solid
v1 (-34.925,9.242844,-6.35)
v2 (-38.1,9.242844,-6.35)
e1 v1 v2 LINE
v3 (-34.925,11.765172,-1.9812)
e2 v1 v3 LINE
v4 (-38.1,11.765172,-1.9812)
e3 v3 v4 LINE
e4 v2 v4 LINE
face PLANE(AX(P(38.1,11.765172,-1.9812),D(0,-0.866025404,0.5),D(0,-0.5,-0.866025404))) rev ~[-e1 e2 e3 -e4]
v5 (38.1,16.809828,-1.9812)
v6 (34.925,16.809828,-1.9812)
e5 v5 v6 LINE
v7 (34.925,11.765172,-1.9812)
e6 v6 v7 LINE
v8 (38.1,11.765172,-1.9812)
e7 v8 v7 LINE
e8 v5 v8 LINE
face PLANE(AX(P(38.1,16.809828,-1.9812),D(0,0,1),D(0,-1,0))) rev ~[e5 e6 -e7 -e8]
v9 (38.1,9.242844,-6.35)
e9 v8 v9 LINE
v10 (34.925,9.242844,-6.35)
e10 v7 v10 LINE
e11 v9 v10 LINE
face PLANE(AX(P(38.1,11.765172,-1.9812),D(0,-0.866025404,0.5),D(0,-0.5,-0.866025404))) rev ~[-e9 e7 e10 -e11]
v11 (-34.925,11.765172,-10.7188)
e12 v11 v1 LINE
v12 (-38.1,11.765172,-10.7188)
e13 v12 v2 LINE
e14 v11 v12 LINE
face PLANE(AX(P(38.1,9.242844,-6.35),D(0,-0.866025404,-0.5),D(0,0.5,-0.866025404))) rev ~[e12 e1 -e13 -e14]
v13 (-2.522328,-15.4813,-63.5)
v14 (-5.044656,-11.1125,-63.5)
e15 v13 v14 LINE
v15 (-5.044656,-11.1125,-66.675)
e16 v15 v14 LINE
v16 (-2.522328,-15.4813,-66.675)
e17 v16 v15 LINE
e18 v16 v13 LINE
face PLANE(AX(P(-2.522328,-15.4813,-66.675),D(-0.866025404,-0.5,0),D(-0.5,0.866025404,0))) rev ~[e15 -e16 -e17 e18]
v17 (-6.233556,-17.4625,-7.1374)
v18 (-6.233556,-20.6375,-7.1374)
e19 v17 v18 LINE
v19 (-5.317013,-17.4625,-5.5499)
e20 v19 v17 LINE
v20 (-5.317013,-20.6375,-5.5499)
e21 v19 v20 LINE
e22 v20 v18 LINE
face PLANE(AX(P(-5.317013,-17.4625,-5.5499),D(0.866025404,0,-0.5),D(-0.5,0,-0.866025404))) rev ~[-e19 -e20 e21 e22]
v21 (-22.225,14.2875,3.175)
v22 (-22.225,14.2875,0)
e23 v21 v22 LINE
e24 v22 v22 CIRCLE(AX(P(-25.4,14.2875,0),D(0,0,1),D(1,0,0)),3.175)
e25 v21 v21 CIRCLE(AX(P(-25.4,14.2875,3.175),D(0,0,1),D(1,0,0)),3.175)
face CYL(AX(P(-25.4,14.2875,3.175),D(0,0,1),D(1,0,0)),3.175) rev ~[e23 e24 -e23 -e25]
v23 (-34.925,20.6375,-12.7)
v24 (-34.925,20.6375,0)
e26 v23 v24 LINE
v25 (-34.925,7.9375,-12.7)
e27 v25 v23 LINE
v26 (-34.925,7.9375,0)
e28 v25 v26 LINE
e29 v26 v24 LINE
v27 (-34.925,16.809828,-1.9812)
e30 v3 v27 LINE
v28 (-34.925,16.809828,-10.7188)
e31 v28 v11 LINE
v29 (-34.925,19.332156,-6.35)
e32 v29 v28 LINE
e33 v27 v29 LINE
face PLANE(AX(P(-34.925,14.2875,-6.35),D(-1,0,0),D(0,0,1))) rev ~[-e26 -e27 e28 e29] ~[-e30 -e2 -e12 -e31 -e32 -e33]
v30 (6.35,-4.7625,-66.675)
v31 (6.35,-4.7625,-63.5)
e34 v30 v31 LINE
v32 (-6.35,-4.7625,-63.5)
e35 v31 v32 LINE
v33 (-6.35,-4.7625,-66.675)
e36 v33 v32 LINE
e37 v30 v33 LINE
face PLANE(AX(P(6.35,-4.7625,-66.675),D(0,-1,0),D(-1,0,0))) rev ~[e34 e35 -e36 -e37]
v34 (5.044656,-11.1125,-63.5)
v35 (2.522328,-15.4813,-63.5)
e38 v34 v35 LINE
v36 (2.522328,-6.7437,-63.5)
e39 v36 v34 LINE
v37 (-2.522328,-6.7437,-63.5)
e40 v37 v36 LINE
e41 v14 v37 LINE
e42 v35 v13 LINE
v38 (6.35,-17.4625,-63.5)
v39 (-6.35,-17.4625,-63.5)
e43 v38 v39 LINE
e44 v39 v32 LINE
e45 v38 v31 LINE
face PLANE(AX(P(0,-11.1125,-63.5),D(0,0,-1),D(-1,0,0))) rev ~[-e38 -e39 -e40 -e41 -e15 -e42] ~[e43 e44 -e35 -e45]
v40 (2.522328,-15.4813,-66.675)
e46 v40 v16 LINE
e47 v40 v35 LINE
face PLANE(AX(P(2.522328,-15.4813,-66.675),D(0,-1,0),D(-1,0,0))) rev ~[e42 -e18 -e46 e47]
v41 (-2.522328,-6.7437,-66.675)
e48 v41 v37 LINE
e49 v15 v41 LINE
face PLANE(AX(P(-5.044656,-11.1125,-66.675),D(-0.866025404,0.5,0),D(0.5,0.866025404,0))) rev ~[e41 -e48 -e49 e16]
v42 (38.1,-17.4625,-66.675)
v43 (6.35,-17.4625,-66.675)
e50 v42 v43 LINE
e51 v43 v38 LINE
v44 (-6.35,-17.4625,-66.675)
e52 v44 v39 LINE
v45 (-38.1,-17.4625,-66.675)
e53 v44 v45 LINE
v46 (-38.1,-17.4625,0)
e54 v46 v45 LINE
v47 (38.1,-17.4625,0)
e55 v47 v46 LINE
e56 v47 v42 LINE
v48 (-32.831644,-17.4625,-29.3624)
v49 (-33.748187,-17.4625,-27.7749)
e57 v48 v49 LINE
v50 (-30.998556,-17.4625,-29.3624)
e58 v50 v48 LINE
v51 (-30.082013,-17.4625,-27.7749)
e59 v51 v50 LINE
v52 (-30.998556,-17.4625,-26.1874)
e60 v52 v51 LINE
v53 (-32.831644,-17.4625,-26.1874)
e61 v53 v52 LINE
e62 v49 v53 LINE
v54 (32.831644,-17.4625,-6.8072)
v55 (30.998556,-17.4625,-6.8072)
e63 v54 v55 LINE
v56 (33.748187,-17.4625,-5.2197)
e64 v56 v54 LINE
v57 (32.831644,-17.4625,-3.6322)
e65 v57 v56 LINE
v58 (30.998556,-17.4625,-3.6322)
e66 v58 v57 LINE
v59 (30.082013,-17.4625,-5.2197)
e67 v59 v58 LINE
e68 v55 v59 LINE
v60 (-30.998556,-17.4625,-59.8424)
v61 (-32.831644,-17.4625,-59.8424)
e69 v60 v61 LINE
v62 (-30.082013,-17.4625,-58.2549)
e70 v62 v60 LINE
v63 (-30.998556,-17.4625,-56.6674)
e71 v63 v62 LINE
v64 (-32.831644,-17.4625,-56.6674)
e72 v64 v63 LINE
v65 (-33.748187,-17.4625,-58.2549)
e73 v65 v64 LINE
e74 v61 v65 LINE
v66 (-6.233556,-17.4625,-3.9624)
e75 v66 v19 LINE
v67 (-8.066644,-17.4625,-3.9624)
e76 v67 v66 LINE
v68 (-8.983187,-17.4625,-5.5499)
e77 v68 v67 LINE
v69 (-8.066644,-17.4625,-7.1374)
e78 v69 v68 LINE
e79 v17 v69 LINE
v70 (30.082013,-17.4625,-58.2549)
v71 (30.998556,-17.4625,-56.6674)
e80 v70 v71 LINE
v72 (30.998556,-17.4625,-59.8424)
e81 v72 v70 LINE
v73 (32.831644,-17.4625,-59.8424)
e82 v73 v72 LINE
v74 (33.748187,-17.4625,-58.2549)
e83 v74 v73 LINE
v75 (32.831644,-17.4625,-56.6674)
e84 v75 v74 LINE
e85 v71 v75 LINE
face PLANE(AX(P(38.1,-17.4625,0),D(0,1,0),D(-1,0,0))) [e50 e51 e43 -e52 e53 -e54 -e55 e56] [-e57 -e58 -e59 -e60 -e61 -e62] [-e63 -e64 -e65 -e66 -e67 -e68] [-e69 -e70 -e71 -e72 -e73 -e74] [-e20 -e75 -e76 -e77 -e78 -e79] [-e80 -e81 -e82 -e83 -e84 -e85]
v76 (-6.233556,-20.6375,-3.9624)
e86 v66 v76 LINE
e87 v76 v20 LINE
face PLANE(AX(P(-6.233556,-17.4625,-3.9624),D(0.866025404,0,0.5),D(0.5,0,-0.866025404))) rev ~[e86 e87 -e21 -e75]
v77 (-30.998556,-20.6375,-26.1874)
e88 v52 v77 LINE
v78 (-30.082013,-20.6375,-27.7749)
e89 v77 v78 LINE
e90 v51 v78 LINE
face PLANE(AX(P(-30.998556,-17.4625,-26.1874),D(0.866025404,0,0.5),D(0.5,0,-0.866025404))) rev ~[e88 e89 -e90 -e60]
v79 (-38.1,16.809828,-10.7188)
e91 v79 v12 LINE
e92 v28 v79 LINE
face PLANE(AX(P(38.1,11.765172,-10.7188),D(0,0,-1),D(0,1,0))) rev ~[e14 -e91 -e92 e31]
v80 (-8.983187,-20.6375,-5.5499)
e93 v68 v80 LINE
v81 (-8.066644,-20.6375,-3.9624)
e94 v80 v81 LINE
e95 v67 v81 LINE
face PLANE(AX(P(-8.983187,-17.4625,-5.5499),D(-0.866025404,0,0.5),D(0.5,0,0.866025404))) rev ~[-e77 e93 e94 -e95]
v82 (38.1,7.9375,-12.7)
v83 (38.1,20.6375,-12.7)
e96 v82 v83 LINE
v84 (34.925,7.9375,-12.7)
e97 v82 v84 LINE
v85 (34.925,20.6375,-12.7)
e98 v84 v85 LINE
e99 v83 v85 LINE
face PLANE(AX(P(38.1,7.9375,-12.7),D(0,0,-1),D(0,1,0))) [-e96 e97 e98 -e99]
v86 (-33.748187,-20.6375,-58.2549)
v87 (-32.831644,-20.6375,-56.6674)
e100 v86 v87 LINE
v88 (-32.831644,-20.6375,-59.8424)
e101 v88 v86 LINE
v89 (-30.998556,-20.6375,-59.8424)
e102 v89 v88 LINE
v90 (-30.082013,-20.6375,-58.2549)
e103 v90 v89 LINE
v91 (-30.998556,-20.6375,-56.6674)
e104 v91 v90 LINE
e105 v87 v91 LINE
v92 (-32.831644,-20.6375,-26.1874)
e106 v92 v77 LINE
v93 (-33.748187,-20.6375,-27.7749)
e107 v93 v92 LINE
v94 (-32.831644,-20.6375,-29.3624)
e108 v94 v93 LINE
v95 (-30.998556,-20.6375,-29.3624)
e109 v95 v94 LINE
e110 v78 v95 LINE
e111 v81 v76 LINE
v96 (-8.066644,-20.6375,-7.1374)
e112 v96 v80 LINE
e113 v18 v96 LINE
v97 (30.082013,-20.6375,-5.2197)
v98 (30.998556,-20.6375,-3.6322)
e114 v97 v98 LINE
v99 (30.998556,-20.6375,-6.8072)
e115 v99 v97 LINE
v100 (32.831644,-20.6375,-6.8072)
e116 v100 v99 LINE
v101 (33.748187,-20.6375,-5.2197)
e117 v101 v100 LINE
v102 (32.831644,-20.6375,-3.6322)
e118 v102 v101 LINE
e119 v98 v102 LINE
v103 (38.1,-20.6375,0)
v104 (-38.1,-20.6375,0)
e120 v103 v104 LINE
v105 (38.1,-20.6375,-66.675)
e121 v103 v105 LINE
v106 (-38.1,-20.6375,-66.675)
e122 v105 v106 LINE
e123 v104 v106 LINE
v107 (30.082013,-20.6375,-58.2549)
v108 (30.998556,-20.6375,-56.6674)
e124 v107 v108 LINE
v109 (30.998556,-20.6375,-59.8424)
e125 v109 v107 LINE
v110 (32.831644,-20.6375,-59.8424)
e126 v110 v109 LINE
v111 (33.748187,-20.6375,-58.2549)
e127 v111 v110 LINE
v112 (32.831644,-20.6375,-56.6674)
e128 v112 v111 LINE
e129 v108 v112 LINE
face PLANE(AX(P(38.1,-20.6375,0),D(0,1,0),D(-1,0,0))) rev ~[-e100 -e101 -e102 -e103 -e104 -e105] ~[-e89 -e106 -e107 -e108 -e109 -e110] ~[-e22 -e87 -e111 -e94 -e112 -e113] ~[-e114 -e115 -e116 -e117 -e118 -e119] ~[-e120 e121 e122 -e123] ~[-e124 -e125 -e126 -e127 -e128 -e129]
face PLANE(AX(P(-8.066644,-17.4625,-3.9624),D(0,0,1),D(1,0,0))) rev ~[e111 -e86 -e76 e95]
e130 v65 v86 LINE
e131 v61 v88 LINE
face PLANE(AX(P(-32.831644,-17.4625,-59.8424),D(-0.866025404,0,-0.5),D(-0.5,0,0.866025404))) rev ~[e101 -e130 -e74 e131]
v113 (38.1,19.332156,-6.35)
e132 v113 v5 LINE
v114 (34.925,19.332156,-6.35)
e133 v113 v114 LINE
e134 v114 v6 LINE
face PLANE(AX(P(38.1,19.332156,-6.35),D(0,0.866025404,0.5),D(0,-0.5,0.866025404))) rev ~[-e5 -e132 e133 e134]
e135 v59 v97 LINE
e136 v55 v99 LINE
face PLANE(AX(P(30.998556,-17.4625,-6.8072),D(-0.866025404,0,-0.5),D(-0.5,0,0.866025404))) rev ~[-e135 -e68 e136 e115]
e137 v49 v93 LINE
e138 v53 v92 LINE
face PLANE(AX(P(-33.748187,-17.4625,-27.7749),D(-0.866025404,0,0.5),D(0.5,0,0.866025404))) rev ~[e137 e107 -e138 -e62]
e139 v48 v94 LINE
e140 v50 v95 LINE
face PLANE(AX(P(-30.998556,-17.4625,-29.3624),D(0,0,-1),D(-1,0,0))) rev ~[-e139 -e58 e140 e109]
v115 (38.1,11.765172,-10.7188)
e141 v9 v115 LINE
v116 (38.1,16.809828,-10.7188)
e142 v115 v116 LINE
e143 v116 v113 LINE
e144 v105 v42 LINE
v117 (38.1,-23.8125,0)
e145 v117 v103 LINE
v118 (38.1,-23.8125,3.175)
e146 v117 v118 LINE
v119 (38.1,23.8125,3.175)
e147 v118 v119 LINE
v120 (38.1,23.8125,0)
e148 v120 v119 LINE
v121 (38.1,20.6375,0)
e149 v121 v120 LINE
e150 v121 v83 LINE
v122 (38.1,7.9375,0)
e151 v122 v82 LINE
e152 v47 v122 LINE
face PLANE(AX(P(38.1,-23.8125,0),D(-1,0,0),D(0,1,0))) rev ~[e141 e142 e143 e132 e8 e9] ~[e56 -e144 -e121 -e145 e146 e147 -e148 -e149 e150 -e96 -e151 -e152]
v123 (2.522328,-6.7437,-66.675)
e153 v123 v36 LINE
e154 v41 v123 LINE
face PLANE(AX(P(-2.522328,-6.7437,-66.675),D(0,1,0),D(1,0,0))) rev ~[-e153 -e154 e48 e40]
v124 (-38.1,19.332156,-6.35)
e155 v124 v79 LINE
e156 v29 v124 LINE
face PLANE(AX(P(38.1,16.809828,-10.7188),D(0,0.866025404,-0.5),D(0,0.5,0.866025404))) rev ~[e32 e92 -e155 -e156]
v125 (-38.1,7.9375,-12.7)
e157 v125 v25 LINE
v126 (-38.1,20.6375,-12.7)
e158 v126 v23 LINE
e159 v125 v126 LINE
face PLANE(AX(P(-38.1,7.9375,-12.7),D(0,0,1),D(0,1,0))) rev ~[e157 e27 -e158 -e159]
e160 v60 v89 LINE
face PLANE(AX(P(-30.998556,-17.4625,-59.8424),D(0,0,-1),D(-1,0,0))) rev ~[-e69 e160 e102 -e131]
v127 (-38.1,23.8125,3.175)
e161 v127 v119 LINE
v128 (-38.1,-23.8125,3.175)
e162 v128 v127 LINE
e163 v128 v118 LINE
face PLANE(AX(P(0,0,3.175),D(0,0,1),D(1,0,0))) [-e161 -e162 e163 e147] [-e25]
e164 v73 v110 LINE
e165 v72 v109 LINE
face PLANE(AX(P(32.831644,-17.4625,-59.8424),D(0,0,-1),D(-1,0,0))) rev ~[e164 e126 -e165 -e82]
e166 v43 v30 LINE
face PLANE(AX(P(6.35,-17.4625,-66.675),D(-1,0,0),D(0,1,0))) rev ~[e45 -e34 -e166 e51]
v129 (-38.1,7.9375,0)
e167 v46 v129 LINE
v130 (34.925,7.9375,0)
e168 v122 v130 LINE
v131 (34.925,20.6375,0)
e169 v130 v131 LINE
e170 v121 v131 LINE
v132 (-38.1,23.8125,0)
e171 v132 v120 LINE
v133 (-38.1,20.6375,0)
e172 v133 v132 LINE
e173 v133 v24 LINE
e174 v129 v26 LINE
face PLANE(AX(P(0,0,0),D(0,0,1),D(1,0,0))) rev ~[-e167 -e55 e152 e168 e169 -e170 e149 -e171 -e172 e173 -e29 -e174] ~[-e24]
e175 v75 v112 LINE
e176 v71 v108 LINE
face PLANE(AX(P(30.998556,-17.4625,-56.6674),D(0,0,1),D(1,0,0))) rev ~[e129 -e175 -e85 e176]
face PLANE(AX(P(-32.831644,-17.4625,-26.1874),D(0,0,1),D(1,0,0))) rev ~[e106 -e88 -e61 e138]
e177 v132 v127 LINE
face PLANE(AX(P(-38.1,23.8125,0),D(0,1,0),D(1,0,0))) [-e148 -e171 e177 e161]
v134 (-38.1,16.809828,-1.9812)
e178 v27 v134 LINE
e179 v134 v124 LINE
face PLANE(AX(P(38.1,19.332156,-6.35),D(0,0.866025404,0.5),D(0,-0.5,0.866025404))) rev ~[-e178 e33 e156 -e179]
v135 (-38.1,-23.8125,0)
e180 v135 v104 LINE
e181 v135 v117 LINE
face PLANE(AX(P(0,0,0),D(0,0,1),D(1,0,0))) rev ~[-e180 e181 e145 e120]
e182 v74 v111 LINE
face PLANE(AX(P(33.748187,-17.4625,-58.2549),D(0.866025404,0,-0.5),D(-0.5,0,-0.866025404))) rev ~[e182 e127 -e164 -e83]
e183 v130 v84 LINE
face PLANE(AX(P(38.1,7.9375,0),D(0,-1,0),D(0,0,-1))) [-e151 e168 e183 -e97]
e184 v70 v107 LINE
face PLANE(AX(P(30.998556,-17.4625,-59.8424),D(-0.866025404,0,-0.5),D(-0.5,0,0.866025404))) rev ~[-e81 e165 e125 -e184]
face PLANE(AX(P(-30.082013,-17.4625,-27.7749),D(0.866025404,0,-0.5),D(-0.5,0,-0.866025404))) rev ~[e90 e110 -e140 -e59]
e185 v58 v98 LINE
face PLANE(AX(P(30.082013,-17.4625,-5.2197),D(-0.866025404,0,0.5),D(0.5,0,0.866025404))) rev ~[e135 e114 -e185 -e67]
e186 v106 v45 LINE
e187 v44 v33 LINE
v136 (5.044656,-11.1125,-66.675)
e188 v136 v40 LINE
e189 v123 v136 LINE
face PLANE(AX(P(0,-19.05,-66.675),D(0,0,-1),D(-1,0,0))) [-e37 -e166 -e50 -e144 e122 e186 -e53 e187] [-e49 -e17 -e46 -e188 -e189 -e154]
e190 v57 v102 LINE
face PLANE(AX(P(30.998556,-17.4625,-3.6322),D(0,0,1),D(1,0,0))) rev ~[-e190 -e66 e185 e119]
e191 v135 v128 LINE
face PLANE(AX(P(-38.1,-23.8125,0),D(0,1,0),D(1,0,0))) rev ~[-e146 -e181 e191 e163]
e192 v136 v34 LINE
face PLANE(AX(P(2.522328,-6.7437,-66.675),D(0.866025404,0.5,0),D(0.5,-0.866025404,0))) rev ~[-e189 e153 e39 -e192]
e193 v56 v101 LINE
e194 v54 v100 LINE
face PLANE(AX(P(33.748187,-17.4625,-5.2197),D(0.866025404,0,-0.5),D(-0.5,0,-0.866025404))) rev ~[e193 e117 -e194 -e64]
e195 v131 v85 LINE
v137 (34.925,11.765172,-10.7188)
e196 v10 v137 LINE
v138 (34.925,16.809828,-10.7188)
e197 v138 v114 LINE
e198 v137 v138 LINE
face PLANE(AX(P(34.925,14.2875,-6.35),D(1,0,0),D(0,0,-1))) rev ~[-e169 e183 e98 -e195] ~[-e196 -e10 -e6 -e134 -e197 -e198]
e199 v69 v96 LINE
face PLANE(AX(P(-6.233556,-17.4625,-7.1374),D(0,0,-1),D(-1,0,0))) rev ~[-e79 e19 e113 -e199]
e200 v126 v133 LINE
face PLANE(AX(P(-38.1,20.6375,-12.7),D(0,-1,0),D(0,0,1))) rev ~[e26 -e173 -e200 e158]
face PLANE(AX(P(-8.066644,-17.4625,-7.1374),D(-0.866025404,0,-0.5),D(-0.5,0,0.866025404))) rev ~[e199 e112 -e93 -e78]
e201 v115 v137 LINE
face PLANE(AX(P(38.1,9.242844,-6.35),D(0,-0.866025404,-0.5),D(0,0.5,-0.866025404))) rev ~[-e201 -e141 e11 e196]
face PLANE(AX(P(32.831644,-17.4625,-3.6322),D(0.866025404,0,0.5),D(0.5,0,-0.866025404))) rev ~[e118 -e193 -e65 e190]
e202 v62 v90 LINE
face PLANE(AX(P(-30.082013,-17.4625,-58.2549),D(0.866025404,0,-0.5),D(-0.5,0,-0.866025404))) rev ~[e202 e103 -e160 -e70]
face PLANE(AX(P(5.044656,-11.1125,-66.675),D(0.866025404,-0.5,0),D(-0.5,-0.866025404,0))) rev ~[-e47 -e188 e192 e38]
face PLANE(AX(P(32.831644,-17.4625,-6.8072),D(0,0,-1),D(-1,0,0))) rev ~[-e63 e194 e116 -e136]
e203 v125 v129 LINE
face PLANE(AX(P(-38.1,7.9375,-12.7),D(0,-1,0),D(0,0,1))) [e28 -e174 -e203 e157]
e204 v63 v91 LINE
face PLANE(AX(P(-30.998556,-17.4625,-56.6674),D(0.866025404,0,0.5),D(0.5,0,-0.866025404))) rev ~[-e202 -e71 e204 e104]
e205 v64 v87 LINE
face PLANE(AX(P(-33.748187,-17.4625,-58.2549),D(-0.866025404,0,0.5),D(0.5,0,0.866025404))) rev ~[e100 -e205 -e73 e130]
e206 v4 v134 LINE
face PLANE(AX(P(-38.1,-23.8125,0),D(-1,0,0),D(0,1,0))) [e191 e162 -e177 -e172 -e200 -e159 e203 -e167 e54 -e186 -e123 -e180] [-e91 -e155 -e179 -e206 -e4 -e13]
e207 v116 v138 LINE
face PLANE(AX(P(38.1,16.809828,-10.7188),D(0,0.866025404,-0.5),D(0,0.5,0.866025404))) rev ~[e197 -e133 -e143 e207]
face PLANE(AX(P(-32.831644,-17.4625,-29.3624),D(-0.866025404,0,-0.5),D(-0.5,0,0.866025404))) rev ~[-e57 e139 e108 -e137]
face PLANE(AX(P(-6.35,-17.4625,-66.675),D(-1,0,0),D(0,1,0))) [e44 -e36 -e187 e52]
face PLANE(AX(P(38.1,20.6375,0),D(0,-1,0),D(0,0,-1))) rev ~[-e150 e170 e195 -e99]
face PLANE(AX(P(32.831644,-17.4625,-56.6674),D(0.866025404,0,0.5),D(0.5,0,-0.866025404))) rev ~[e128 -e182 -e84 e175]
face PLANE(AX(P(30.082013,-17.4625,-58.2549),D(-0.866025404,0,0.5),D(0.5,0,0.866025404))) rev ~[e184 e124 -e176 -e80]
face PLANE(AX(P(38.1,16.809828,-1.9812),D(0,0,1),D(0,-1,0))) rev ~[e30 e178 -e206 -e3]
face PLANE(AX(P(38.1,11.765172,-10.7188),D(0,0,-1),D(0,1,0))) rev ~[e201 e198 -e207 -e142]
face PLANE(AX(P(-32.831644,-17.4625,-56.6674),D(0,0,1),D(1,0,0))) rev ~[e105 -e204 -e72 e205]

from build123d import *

# Parameters (mm, degrees)
SKETCH1_W               = 76.2
SKETCH1_H               = 47.625
BOSS_EXTRUDE1_DEPTH     = 3.175
SKETCH2_W               = 76.2
SKETCH2_H               = 3.175
BOSS_EXTRUDE2_DEPTH     = 66.675
SKETCH6_W               = 12.7
SKETCH6_H               = 12.7
BOSS_EXTRUDE4_DEPTH     = 3.175
SKETCH7_W               = 12.7
SKETCH7_H               = 12.7
BOSS_EXTRUDE5_DEPTH     = 3.175
SKETCH8_W               = 12.7
SKETCH8_H               = 12.7
BOSS_EXTRUDE6_DEPTH     = 3.175
CUT_EXTRUDE4_DEPTH      = 3.175
CUT_EXTRUDE5_DEPTH      = 1
CUT_EXTRUDE5_DEPTH_BACK = 77.2
SKETCH11_R              = 3.175
CUT_EXTRUDE6_DEPTH      = 3.175
CUT_EXTRUDE7_DEPTH      = 3.175


with BuildPart() as part:
    # Sketch1 → Boss-Extrude1 (new body)
    with BuildSketch(Plane.XY):
        Rectangle(SKETCH1_W, SKETCH1_H)
    extrude(amount=BOSS_EXTRUDE1_DEPTH)

    # Sketch2 → Boss-Extrude2 (add)
    with BuildSketch(Plane(origin=(0, 0, 0), x_dir=(-1, 0, 0), z_dir=(0, 0, -1))):
        with Locations((0, -19.05)):
            Rectangle(SKETCH2_W, SKETCH2_H)
    extrude(amount=BOSS_EXTRUDE2_DEPTH)

    # Sketch6 → Boss-Extrude4 (add)
    with BuildSketch(Plane(origin=(38.1, 0, 0), x_dir=(0, 0, -1), z_dir=(1, 0, 0))):
        with Locations((6.35, 14.2875)):
            Rectangle(SKETCH6_W, SKETCH6_H)
    extrude(amount=-BOSS_EXTRUDE4_DEPTH)

    # Sketch7 → Boss-Extrude5 (add)
    with BuildSketch(Plane.ZY.offset(38.1)):
        with Locations((-6.35, 14.2875)):
            Rectangle(SKETCH7_W, SKETCH7_H)
    extrude(amount=-BOSS_EXTRUDE5_DEPTH)

    # Sketch8 → Boss-Extrude6 (add)
    with BuildSketch(Plane(origin=(0, 0, -66.675), x_dir=(-1, 0, 0), z_dir=(0, 0, -1))):
        with Locations((0, -11.1125)):
            Rectangle(SKETCH8_W, SKETCH8_H)
    extrude(amount=-BOSS_EXTRUDE6_DEPTH)

    # Sketch9 → Cut-Extrude4 (cut)
    with BuildSketch(Plane(origin=(0, 0, -66.675), x_dir=(-1, 0, 0), z_dir=(0, 0, -1))):
        Polygon((2.522327856, -6.7437), (-2.522327856, -6.7437), (-5.044655712, -11.1125), (-2.522327856, -15.4813), (2.522327856, -15.4813), (5.044655712, -11.1125), align=None)
    extrude(amount=-CUT_EXTRUDE4_DEPTH, mode=Mode.SUBTRACT)

    # Sketch10 → Cut-Extrude5 (cut, two sides)
    with BuildSketch(Plane(origin=(38.1, 0, 0), x_dir=(0, 0, -1), z_dir=(1, 0, 0))) as cut_extrude5_sk:
        Polygon((10.7188, 11.765172144), (10.7188, 16.809827856), (6.35, 19.332155712), (1.9812, 16.809827856), (1.9812, 11.765172144), (6.35, 9.242844288), align=None)
    extrude(amount=CUT_EXTRUDE5_DEPTH, mode=Mode.SUBTRACT)
    extrude(cut_extrude5_sk.sketch, amount=-CUT_EXTRUDE5_DEPTH_BACK, mode=Mode.SUBTRACT)

    # Sketch11 → Cut-Extrude6 (cut)
    with BuildSketch(Plane.XY.offset(3.175)):
        with Locations((-25.4, 14.2875)):
            Circle(SKETCH11_R)
    extrude(amount=-CUT_EXTRUDE6_DEPTH, mode=Mode.SUBTRACT)

    # Sketch12 → Cut-Extrude7 (cut)
    with BuildSketch(Plane(origin=(0, -17.4625, 0), x_dir=(1, 0, 0), z_dir=(0, 1, 0))):
        Polygon((-8.983187105, 5.5499), (-8.066643552, 3.9624), (-6.233556448, 3.9624), (-5.317012895, 5.5499), (-6.233556448, 7.1374), (-8.066643552, 7.1374), align=None)
        Polygon((32.831643552, 3.6322), (33.748187105, 5.2197), (32.831643552, 6.8072), (30.998556448, 6.8072), (30.082012895, 5.2197), (30.998556448, 3.6322), align=None)
        Polygon((33.748187105, 58.2549), (32.831643552, 59.8424), (30.998556448, 59.8424), (30.082012895, 58.2549), (30.998556448, 56.6674), (32.831643552, 56.6674), align=None)
        Polygon((-30.998556448, 29.3624), (-32.831643552, 29.3624), (-33.748187105, 27.7749), (-32.831643552, 26.1874), (-30.998556448, 26.1874), (-30.082012895, 27.7749), align=None)
        Polygon((-30.082012895, 58.2549), (-30.998556448, 59.8424), (-32.831643552, 59.8424), (-33.748187105, 58.2549), (-32.831643552, 56.6674), (-30.998556448, 56.6674), align=None)
    extrude(amount=-CUT_EXTRUDE7_DEPTH, mode=Mode.SUBTRACT)


solid = part.part
